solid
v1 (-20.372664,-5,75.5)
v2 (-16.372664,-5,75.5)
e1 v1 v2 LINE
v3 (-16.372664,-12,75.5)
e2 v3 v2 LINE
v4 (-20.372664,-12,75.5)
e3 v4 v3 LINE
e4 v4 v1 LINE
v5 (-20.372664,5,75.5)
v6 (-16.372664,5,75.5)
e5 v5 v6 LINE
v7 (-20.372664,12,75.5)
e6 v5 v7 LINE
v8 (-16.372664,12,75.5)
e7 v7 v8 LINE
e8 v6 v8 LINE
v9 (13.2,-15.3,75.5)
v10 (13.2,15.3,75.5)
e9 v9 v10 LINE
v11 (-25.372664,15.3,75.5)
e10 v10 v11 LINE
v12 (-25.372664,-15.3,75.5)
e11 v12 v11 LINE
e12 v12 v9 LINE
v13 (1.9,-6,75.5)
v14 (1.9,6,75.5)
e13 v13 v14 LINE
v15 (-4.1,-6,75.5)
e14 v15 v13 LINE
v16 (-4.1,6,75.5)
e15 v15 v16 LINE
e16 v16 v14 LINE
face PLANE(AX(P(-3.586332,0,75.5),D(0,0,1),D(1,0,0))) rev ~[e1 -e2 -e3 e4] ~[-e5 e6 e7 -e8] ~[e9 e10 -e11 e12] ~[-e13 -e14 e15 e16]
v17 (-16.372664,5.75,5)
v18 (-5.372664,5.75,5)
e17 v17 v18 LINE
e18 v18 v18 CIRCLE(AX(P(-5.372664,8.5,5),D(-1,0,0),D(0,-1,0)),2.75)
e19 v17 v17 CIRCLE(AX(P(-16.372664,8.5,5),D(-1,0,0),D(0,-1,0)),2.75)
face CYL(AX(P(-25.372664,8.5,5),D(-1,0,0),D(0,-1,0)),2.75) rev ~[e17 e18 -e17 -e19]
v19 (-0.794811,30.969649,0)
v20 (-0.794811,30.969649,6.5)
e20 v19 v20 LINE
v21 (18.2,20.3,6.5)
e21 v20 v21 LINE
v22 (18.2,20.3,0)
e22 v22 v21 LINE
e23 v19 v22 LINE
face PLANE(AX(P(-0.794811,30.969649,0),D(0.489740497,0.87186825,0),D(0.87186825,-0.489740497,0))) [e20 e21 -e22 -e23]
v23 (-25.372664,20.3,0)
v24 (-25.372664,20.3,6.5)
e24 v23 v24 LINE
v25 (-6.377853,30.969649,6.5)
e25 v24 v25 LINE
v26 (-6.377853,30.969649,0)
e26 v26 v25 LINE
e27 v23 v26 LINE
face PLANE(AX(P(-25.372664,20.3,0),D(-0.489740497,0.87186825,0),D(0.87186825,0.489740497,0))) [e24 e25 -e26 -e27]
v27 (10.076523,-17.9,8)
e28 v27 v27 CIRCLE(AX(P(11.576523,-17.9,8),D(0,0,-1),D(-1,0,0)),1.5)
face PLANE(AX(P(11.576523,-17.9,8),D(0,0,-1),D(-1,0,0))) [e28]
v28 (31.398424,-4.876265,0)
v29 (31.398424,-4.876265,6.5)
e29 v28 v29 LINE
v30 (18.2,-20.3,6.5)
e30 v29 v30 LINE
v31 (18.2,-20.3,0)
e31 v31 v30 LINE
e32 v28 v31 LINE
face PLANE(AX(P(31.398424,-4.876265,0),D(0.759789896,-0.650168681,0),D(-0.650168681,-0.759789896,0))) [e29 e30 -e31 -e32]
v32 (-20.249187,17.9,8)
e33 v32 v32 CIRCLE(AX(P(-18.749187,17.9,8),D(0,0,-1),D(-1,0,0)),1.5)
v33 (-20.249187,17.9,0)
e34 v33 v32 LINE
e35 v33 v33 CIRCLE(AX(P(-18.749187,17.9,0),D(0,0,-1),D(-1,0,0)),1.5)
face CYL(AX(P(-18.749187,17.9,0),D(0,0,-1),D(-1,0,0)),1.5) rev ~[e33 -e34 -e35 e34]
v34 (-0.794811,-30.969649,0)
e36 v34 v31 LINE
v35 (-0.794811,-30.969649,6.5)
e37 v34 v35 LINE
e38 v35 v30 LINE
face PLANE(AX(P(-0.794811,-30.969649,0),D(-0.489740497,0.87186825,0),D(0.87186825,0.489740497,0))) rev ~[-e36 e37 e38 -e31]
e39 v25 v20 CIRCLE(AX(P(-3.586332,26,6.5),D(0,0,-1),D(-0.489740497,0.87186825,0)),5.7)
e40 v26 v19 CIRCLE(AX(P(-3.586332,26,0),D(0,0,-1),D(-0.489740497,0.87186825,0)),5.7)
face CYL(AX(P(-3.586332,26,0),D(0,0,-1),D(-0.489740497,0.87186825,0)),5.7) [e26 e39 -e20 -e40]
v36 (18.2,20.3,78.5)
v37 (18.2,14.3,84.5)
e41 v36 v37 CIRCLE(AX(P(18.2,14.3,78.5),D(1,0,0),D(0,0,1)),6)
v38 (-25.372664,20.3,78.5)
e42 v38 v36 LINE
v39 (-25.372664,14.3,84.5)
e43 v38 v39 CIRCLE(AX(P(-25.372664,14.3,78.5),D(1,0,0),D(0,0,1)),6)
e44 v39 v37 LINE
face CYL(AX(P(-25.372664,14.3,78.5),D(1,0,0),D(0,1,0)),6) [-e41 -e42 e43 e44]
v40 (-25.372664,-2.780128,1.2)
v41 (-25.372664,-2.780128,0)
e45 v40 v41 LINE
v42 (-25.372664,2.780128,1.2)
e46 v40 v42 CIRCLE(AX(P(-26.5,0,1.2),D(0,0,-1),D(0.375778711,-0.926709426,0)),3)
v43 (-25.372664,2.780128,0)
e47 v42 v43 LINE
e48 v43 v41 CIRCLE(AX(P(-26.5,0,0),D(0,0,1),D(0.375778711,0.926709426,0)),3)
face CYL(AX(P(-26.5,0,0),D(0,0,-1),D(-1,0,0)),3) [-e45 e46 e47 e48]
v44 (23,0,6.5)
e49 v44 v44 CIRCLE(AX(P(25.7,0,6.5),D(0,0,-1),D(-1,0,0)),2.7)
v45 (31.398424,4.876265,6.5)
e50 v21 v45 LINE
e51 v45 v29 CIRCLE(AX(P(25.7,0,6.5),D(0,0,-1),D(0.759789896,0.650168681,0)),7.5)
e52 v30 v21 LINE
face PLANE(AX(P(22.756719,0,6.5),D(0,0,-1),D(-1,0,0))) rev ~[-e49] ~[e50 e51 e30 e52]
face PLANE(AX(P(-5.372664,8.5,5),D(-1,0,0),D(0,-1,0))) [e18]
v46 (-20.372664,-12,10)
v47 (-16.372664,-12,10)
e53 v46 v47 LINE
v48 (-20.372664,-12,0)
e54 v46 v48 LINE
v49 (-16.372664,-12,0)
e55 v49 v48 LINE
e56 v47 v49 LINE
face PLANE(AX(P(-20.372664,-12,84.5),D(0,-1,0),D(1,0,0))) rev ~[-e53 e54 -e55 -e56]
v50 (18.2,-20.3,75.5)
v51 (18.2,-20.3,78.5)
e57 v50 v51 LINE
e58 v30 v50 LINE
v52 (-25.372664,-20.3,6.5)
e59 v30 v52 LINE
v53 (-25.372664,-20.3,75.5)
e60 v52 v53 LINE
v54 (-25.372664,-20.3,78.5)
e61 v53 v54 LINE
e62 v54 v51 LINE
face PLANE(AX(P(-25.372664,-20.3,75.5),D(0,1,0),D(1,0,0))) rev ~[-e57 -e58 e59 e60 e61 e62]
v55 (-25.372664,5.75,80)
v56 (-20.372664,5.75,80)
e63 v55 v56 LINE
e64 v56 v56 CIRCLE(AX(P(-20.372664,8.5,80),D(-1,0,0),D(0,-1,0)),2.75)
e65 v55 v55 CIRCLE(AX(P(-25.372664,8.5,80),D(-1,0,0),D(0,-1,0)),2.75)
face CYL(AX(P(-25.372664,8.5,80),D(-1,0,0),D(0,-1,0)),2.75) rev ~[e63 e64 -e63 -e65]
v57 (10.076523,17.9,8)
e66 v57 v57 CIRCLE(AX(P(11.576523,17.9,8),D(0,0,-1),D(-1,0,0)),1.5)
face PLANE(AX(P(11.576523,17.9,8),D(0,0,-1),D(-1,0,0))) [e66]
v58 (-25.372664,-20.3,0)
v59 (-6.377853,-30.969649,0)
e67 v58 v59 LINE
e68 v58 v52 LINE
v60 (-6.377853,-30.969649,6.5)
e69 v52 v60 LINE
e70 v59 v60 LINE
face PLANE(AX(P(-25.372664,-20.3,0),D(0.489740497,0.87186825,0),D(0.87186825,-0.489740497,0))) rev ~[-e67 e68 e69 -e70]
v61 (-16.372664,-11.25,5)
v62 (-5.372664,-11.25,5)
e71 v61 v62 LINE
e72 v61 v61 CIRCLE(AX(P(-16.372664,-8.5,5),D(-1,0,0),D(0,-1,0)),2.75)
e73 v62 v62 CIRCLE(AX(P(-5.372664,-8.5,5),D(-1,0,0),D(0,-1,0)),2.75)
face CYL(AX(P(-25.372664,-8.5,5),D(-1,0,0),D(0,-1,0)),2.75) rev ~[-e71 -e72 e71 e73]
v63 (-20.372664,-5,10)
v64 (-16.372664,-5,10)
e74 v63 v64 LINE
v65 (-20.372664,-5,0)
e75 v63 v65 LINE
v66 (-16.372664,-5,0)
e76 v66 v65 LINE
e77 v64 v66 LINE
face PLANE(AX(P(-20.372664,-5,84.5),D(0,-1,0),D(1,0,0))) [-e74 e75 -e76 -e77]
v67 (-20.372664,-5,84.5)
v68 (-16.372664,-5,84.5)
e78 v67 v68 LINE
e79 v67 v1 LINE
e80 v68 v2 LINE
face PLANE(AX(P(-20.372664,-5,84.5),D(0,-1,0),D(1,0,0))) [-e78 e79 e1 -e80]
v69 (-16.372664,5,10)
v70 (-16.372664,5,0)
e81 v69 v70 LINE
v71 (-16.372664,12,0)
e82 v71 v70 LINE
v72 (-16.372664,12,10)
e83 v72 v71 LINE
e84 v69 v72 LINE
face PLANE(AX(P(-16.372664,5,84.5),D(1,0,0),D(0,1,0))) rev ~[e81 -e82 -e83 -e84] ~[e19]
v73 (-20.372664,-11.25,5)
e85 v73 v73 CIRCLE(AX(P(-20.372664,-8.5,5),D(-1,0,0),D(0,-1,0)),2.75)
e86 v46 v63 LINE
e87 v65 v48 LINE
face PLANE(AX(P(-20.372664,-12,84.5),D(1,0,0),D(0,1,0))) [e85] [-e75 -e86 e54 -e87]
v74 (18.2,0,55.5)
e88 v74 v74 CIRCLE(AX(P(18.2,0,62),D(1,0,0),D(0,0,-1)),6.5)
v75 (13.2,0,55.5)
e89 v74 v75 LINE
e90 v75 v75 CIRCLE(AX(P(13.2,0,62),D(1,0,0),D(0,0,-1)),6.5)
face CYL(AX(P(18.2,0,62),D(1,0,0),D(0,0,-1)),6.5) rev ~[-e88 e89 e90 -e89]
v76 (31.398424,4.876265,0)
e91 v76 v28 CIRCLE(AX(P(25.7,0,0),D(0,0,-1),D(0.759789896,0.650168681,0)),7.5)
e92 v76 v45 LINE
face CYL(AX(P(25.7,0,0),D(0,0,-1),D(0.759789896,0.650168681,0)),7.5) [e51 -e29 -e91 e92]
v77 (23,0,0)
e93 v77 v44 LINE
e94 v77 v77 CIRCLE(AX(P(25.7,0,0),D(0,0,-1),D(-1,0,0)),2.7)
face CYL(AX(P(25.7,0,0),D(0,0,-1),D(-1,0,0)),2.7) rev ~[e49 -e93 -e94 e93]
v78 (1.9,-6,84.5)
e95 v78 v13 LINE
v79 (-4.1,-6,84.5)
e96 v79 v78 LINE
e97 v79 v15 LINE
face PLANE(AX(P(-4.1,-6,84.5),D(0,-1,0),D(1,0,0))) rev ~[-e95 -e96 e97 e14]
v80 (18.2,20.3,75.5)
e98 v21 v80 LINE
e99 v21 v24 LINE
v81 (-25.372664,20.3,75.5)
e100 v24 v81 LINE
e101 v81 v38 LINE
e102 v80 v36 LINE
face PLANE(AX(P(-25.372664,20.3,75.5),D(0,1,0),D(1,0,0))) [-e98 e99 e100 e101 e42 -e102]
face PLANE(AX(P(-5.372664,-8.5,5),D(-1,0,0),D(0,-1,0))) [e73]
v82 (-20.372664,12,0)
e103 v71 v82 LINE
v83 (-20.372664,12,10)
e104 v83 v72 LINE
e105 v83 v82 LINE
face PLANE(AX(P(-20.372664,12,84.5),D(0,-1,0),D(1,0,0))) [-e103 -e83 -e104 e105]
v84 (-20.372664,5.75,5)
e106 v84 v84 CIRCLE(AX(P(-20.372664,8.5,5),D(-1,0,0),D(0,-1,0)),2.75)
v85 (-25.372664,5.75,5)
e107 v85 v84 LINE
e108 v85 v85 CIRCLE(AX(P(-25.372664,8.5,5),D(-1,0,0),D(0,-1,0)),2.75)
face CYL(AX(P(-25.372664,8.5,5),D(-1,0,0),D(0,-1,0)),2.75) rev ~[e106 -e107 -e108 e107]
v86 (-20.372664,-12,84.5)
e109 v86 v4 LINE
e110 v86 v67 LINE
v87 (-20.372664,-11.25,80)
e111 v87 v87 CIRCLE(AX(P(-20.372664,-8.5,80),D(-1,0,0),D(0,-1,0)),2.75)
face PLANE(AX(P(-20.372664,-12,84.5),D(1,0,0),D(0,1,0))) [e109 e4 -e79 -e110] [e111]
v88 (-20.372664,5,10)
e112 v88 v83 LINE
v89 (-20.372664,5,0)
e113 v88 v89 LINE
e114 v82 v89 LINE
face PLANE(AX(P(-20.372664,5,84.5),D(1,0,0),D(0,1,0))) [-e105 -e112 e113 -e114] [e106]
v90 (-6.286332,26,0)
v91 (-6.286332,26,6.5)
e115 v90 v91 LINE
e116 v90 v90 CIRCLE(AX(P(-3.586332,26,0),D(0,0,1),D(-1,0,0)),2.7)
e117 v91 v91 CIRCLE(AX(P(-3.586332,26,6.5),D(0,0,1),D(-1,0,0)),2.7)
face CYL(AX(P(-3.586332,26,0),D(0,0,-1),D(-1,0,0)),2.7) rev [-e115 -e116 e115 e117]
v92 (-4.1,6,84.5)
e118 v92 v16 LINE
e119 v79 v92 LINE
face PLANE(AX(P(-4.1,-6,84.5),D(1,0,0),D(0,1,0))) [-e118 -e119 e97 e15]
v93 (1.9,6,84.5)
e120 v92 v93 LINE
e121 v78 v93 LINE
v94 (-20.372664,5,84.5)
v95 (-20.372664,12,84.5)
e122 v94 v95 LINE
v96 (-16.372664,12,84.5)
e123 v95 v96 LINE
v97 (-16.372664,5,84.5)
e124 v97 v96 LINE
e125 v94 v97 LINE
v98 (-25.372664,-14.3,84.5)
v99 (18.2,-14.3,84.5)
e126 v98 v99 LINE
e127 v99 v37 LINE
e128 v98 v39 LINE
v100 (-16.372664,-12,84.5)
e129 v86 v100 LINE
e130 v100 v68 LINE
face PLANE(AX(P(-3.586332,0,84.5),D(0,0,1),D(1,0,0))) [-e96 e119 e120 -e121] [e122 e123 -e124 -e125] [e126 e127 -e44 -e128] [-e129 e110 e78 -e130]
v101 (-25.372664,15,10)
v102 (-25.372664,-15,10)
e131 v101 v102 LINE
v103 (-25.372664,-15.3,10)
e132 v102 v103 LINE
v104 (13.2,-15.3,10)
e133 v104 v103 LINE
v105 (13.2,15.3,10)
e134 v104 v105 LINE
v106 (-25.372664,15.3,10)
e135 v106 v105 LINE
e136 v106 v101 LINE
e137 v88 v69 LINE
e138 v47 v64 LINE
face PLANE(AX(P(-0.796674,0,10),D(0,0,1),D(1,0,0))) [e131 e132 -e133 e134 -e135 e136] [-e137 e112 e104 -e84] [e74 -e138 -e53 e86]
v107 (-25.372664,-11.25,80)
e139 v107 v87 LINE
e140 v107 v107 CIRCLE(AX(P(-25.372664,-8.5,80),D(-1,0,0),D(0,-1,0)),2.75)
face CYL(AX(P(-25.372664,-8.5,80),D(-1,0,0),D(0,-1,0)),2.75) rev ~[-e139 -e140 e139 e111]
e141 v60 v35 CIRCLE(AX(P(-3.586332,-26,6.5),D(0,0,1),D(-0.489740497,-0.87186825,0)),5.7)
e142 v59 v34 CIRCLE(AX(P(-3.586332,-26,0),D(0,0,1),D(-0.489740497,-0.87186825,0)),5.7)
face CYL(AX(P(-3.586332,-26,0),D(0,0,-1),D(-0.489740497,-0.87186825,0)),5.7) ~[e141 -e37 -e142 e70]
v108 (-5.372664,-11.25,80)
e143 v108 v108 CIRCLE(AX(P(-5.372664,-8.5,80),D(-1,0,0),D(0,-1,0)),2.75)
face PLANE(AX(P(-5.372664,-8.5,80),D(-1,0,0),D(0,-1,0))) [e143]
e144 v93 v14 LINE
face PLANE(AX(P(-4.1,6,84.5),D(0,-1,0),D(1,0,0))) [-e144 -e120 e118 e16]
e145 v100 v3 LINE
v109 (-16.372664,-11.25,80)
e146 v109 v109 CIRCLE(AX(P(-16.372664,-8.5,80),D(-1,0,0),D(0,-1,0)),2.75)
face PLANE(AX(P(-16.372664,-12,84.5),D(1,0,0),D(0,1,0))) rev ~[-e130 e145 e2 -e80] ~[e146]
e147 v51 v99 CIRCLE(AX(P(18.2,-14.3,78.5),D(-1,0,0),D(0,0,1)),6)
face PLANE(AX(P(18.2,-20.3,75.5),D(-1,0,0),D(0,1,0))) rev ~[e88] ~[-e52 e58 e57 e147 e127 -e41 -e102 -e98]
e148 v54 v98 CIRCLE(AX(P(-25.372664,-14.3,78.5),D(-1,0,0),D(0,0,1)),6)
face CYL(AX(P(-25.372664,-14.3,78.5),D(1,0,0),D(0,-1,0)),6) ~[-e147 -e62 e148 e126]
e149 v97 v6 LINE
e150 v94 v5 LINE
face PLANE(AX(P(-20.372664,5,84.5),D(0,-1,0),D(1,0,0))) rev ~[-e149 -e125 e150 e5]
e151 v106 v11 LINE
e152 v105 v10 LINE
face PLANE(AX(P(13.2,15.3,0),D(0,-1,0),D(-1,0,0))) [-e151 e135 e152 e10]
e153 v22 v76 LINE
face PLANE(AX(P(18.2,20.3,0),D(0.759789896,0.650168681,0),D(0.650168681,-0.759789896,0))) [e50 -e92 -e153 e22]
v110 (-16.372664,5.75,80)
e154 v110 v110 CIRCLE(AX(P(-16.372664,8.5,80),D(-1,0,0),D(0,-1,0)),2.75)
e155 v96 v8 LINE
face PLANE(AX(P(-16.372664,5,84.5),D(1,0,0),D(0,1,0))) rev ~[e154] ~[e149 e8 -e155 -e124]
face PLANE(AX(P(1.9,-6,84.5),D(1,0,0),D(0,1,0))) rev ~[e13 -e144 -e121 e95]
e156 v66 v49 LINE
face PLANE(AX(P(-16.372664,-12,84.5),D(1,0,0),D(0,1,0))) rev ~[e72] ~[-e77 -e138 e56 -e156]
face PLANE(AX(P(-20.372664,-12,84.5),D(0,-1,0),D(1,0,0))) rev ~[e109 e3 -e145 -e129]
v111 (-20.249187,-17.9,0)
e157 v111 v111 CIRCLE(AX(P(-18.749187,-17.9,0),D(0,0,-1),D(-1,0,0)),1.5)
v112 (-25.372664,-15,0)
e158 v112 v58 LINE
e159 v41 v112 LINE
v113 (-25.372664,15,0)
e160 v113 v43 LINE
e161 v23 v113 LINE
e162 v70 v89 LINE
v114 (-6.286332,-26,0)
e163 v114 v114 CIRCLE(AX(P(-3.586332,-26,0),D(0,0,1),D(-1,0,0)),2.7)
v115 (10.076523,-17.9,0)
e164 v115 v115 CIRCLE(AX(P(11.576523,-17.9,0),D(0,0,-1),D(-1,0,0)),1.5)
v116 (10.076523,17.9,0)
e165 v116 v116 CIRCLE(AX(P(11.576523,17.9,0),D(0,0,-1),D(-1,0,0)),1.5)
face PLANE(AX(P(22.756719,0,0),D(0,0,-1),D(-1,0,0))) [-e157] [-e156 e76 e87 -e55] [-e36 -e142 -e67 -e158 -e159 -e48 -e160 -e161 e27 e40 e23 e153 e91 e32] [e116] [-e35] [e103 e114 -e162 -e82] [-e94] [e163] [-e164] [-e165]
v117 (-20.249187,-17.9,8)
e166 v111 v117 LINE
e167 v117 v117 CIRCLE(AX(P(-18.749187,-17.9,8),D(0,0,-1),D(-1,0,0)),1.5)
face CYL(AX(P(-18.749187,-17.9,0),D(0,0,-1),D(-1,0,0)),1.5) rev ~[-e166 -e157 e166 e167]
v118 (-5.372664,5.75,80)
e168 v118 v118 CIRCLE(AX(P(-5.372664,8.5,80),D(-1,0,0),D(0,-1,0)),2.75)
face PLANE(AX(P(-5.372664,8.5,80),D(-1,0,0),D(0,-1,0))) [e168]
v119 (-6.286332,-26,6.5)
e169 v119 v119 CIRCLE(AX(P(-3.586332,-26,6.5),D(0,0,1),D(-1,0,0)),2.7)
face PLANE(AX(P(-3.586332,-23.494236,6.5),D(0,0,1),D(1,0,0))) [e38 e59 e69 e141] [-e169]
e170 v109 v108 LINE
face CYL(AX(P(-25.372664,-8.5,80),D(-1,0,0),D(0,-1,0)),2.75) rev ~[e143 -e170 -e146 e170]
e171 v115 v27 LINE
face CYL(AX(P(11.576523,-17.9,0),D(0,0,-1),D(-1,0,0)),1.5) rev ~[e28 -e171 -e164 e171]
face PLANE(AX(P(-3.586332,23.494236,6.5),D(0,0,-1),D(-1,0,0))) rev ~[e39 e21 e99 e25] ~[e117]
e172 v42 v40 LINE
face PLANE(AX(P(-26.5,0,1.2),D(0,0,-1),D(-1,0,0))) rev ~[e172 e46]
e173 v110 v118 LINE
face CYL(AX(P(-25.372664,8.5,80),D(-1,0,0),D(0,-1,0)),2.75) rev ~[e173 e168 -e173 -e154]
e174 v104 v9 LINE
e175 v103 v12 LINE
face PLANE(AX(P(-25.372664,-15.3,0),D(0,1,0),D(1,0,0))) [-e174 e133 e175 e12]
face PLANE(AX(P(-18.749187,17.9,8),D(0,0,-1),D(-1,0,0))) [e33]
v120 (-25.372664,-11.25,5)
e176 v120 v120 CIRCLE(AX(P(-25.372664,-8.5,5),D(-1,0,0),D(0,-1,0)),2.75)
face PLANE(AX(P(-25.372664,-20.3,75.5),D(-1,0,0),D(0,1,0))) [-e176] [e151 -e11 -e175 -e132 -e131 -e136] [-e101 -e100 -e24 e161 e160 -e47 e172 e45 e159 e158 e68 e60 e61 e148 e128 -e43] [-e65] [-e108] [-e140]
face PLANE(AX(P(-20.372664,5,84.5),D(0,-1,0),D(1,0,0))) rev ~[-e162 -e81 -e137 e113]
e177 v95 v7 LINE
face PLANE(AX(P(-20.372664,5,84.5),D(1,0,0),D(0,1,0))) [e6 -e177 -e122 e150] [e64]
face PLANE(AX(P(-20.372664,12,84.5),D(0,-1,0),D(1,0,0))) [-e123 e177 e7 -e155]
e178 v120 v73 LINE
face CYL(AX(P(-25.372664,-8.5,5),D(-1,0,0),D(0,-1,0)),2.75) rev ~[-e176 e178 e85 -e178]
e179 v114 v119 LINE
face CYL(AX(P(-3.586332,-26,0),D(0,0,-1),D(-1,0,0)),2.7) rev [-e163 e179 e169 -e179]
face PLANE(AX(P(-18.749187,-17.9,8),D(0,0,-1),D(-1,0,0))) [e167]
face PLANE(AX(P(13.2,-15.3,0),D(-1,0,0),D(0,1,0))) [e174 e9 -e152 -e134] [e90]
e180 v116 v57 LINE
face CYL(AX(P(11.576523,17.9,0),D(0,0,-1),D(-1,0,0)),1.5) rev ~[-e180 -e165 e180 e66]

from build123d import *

# Parameters (mm, degrees)
SKETCH1_W           = 32.4
SKETCH1_H           = 15
BOSS_EXTRUDE1_DEPTH = 10
SKETCH4_W           = 26.527336133
SKETCH4_H           = 10
CUT_EXTRUDE2_DEPTH  = 80
SKETCH5_R           = 2.75
CUT_EXTRUDE3_DEPTH  = 20
BOSS_EXTRUDE2_DEPTH = 10
BOSS_EXTRUDE3_DEPTH = 75.5
SKETCH9_W           = 43.572663867
SKETCH9_H           = 40.6
BOSS_EXTRUDE4_DEPTH = 9
FILLET1_R           = 6
SKETCH10_R          = 2.75
CUT_EXTRUDE4_DEPTH  = 20
SKETCH11_W          = 4
SKETCH11_H          = 7
CUT_EXTRUDE5_DEPTH  = 122
SKETCH12_R          = 3
BOSS_EXTRUDE5_DEPTH = 1.2
SKETCH13_R          = 2.7
BOSS_EXTRUDE6_DEPTH = 6.5
SKETCH14_R          = 1.5
CUT_EXTRUDE6_DEPTH  = 8
SKETCH15_R          = 4.2
CUT_EXTRUDE7_DEPTH  = 8
BOSS_EXTRUDE9_DEPTH = 6.5
SKETCH17_R          = 2.7
CUT_EXTRUDE8_DEPTH  = 8
SKETCH18_W          = 6
SKETCH18_H          = 12
CUT_EXTRUDE9_DEPTH  = 23
SKETCH19_R          = 6.5
CUT_EXTRUDE10_DEPTH = 23


with BuildPart() as part:
    # Sketch1 → Boss-Extrude1 (new body)
    with BuildSketch(Plane.XY):
        with Locations((-3.3, 7.5)):
            Rectangle(SKETCH1_W, SKETCH1_H)
        with Locations((-3.3, -7.5)):
            Rectangle(SKETCH1_W, SKETCH1_H)
        with Locations((-35.7, -7.5)):
            Rectangle(SKETCH1_W, SKETCH1_H)
        with Locations((-35.7, 7.5)):
            Rectangle(SKETCH1_W, SKETCH1_H)
    extrude(amount=BOSS_EXTRUDE1_DEPTH)

    # Sketch4 → Cut-Extrude2 (cut)
    with BuildSketch(Plane(origin=(0, 15, 0), x_dir=(1, 0, 0), z_dir=(0, 1, 0))):
        with Locations((-38.636331934, -5)):
            Rectangle(SKETCH4_W, SKETCH4_H)
    extrude(amount=-CUT_EXTRUDE2_DEPTH, mode=Mode.SUBTRACT)

    # Sketch5 → Cut-Extrude3 (cut)
    with BuildSketch(Plane.ZY.offset(25.372663867)):
        with Locations(Location((5, -8.5, 0), (0, 0, 270))):
            Circle(SKETCH5_R)
        with Locations(Location((5, 8.5, 0), (0, 0, 270))):
            Circle(SKETCH5_R)
    extrude(amount=-CUT_EXTRUDE3_DEPTH, mode=Mode.SUBTRACT)

    # Sketch7 → Boss-Extrude2 (add)
    with BuildSketch(Plane(origin=(0, 0, 0), x_dir=(-1, 0, 0), z_dir=(0, 0, -1))):
        Polygon((-12.9, -15.3), (-13.2, -15.3), (-13.2, 15.3), (-12.9, 15.3), (25.372663867, 15.3), (25.372663867, 15), (-12.9, 15), (-12.9, -15), (25.372663867, -15), (25.372663867, -15.3), align=None)
    extrude(amount=-BOSS_EXTRUDE2_DEPTH)

    # Sketch8 → Boss-Extrude3 (add)
    with BuildSketch(Plane(origin=(0, 0, 0), x_dir=(-1, 0, 0), z_dir=(0, 0, -1))):
        Polygon((25.372663867, 15.3), (25.372663867, 20.3), (-13.2, 20.3), (-18.2, 20.3), (-18.2, -15.3), (-18.2, -20.3), (-13.2, -20.3), (25.372663867, -20.3), (25.372663867, -15.3), (-13.2, -15.3), (-13.2, 15.3), align=None)
    extrude(amount=-BOSS_EXTRUDE3_DEPTH)

    # Sketch9 → Boss-Extrude4 (add)
    with BuildSketch(Plane.XY.offset(75.5)):
        with Locations((-3.586331933, 0)):
            Rectangle(SKETCH9_W, SKETCH9_H)
    extrude(amount=BOSS_EXTRUDE4_DEPTH)

    # Fillet1
    fillet1_edges = [part.edges().sort_by_distance(p)[0] for p in [
        (-3.586331933, 20.3, 84.5),
        (-3.586331933, -20.3, 84.5),
    ]]
    fillet(fillet1_edges, radius=FILLET1_R)

    # Sketch10 → Cut-Extrude4 (cut)
    with BuildSketch(Plane.ZY.offset(25.372663867)):
        with Locations(Location((80, 8.5, 0), (0, 0, 270))):
            Circle(SKETCH10_R)
        with Locations(Location((80, -8.5, 0), (0, 0, 270))):
            Circle(SKETCH10_R)
    extrude(amount=-CUT_EXTRUDE4_DEPTH, mode=Mode.SUBTRACT)

    # Sketch11 → Cut-Extrude5 (cut)
    with BuildSketch(Plane.XY.offset(84.5)):
        with Locations((-18.372663867, -8.5)):
            Rectangle(SKETCH11_W, SKETCH11_H)
        with Locations((-18.372663867, 8.5)):
            Rectangle(SKETCH11_W, SKETCH11_H)
    extrude(amount=-CUT_EXTRUDE5_DEPTH, mode=Mode.SUBTRACT)

    # Sketch12 → Boss-Extrude5 (add)
    with BuildSketch(Plane(origin=(0, 0, 0), x_dir=(-1, 0, 0), z_dir=(0, 0, -1))):
        with Locations((26.5, 0)):
            Circle(SKETCH12_R)
    extrude(amount=-BOSS_EXTRUDE5_DEPTH)

    # Sketch13 → Boss-Extrude6 (add)
    # profile 1 of 2: a face of its own
    with BuildSketch(Plane.XY):
        with BuildLine():
            ThreePointArc((-6.377852766, 30.969649026), (-3.586331933, 31.7), (-0.794811101, 30.969649026))
            Line((-0.794811101, 30.969649026), (18.2, 20.3))
            Line((18.2, 20.3), (-25.372663867, 20.3))
            Line((-25.372663867, 20.3), (-6.377852766, 30.969649026))
        make_face()
        with Locations(Location((-3.586331933, 26, 0), (0, 0, 180))):
            Circle(SKETCH13_R, mode=Mode.SUBTRACT)
    # profile 2 of 2: a face of its own
    with BuildSketch(Plane.XY):
        with BuildLine():
            Line((-25.372663867, -20.3), (-6.377852766, -30.969649026))
            ThreePointArc((-6.377852766, -30.969649026), (-3.586331933, -31.7), (-0.794811101, -30.969649026))
            Line((-0.794811101, -30.969649026), (18.2, -20.3))
            Line((18.2, -20.3), (-25.372663867, -20.3))
        make_face()
        with Locations(Location((-3.586331933, -26, 0), (0, 0, 180))):
            Circle(SKETCH13_R, mode=Mode.SUBTRACT)
    extrude(amount=BOSS_EXTRUDE6_DEPTH)

    # Sketch14 → Cut-Extrude6 (cut)
    with BuildSketch(Plane(origin=(0, 0, 0), x_dir=(-1, 0, 0), z_dir=(0, 0, -1))):
        with Locations((18.749186637, 17.9)):
            Circle(SKETCH14_R)
        with Locations((-11.57652277, 17.9)):
            Circle(SKETCH14_R)
        with Locations((-11.57652277, -17.9)):
            Circle(SKETCH14_R)
        with Locations((18.749186637, -17.9)):
            Circle(SKETCH14_R)
    extrude(amount=-CUT_EXTRUDE6_DEPTH, mode=Mode.SUBTRACT)

    # Sketch15 → Cut-Extrude7 (cut)
    with BuildSketch(Plane.ZY.offset(-13.2)):
        with Locations((62, 0)):
            Circle(SKETCH15_R)
    extrude(amount=-CUT_EXTRUDE7_DEPTH, mode=Mode.SUBTRACT)

    # Sketch16 → Boss-Extrude9 (add)
    with BuildSketch(Plane(origin=(0, 0, 0), x_dir=(-1, 0, 0), z_dir=(0, 0, -1))):
        with BuildLine():
            Line((-31.398424222, -4.876265107), (-18.2, -20.3))
            Line((-18.2, -20.3), (-18.2, 20.3))
            Line((-18.2, 20.3), (-31.398424222, 4.876265107))
            ThreePointArc((-31.398424222, 4.876265107), (-33.2, 0), (-31.398424222, -4.876265107))
        make_face()
    extrude(amount=-BOSS_EXTRUDE9_DEPTH)

    # Sketch17 → Cut-Extrude8 (cut)
    with BuildSketch(Plane(origin=(0, 0, 0), x_dir=(-1, 0, 0), z_dir=(0, 0, -1))):
        with Locations((-25.7, 0)):
            Circle(SKETCH17_R)
    extrude(amount=-CUT_EXTRUDE8_DEPTH, mode=Mode.SUBTRACT)

    # Sketch18 → Cut-Extrude9 (cut)
    with BuildSketch(Plane.XY.offset(84.5)):
        with Locations((-1.1, 0)):
            Rectangle(SKETCH18_W, SKETCH18_H)
    extrude(amount=-CUT_EXTRUDE9_DEPTH, mode=Mode.SUBTRACT)

    # Sketch19 → Cut-Extrude10 (cut)
    with BuildSketch(Plane(origin=(18.2, 0, 0), x_dir=(0, 0, -1), z_dir=(1, 0, 0))):
        with Locations((-62, 0)):
            Circle(SKETCH19_R)
    extrude(amount=-CUT_EXTRUDE10_DEPTH, mode=Mode.SUBTRACT)


solid = part.part
